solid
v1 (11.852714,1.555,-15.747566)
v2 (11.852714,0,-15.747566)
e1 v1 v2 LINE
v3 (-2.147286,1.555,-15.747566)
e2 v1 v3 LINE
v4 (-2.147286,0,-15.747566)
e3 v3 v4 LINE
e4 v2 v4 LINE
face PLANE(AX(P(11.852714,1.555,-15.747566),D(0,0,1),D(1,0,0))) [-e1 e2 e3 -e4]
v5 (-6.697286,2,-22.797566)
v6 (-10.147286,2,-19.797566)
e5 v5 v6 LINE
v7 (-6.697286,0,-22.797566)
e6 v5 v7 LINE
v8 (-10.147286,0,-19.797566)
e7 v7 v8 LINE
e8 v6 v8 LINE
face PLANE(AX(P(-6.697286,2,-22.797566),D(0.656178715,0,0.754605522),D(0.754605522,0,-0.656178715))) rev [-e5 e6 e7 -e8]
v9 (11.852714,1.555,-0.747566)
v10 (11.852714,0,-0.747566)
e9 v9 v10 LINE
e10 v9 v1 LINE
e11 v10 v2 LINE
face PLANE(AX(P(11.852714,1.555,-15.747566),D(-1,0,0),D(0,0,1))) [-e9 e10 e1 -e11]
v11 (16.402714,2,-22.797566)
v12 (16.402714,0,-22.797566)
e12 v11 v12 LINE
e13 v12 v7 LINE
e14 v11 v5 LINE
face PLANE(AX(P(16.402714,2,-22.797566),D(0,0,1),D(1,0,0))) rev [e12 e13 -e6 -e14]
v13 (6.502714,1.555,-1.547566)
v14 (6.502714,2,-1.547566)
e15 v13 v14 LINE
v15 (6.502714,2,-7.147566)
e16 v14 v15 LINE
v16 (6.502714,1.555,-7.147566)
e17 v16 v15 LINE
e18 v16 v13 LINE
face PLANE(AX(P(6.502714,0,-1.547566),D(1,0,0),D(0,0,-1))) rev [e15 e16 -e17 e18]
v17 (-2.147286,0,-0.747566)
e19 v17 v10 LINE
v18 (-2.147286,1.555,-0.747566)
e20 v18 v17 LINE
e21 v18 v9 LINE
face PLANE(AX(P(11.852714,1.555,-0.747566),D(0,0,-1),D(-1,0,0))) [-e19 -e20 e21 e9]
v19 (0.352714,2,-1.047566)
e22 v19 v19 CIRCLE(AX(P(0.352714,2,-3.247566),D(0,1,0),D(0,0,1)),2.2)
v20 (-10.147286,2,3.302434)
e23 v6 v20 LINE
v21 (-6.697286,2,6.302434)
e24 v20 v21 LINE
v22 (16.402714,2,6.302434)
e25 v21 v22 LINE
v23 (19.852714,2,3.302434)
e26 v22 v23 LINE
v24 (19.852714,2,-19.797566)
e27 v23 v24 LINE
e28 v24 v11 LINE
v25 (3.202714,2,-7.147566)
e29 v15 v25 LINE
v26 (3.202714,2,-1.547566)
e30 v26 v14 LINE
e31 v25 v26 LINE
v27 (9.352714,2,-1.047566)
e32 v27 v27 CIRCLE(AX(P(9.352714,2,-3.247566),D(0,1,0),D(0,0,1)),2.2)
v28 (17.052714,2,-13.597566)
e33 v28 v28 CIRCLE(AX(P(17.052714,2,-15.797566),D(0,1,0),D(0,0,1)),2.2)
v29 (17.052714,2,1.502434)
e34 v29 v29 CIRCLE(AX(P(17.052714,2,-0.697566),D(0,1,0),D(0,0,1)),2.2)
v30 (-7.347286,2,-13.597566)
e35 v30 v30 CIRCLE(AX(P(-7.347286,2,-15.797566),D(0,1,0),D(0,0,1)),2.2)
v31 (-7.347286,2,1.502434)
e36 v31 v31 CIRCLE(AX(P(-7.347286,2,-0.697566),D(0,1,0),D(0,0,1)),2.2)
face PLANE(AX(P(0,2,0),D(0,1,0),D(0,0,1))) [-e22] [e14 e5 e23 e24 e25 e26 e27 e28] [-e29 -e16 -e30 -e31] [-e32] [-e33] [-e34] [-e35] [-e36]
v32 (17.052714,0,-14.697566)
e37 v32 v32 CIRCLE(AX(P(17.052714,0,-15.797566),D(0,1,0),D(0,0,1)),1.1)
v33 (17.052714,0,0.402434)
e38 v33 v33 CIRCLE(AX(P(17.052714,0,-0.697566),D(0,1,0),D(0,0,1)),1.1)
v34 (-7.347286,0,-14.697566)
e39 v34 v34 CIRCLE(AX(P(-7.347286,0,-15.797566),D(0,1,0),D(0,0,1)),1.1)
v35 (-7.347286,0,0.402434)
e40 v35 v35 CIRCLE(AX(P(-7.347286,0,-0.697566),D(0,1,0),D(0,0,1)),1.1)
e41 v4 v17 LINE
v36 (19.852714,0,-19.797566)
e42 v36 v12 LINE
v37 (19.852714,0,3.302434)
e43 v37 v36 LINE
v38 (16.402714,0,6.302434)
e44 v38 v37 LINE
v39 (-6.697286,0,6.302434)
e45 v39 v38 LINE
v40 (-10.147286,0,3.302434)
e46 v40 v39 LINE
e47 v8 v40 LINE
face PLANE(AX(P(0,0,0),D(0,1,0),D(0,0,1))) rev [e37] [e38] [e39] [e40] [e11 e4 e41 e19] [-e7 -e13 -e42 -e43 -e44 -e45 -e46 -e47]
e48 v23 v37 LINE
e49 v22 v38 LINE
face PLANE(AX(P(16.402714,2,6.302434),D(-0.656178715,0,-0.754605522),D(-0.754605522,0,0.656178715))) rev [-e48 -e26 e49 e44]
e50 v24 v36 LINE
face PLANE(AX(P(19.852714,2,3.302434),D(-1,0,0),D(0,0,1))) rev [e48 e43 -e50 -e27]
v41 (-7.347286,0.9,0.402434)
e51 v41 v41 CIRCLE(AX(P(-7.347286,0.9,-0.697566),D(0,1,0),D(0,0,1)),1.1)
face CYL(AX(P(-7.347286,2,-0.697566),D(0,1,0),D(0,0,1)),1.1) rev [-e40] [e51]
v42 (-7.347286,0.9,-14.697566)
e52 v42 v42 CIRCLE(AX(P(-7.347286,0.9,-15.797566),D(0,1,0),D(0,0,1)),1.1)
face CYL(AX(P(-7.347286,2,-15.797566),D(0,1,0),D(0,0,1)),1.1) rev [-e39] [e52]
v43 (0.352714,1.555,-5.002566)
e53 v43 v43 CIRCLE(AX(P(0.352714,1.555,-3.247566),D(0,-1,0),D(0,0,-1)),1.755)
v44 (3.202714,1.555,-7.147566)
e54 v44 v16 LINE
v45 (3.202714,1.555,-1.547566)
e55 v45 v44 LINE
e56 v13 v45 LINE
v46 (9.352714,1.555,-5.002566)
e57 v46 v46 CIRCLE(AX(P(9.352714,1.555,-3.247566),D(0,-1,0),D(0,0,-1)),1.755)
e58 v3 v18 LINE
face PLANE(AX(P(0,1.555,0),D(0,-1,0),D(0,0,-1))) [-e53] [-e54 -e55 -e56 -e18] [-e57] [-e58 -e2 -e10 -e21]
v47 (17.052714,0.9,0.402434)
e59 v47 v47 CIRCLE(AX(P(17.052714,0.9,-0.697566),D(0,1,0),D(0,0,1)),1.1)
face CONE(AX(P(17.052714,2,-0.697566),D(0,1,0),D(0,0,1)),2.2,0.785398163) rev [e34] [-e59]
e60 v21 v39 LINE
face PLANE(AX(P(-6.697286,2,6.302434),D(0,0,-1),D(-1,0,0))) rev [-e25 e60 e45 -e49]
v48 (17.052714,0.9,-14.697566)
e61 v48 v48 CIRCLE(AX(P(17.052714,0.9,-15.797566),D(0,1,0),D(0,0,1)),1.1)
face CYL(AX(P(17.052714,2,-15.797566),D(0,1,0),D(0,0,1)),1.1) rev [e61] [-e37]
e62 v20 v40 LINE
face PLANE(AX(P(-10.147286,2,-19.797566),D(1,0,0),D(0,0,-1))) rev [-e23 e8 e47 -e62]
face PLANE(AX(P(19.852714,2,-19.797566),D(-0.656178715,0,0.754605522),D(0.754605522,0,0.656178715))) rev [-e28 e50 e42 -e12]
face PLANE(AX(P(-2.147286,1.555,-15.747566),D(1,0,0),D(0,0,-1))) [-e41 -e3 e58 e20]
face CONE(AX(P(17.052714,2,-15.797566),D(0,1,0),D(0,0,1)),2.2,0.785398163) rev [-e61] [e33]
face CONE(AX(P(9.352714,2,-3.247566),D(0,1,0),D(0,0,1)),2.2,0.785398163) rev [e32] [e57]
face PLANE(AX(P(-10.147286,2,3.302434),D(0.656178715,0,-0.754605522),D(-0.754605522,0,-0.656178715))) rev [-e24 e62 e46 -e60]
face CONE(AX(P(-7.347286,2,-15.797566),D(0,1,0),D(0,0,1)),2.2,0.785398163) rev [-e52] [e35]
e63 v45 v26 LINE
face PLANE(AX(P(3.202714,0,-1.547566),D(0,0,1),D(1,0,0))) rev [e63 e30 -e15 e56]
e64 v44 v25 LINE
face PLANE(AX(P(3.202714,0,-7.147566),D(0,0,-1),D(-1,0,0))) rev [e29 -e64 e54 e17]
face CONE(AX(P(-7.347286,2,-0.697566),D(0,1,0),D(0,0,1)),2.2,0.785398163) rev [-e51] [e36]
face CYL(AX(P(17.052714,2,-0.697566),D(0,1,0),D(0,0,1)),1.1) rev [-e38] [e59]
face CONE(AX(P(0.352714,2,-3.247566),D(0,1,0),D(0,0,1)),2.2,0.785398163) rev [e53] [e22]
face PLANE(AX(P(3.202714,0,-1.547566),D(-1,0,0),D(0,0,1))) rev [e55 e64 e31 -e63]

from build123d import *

# Parameters (mm, degrees)
BOSS_EXTRUDE1_DEPTH                             = 2
CSK_FOR_M2_FLAT_HEAD_MACHINE_SCREW1_D           = 2.2
CSK_FOR_M2_FLAT_HEAD_MACHINE_SCREW1_DEPTH       = 4
CSK_FOR_M2_FLAT_HEAD_MACHINE_SCREW1_CSINK_D     = 4.4
CSK_FOR_M2_FLAT_HEAD_MACHINE_SCREW1_CSINK_ANGLE = 90
CSK_FOR_M2_FLAT_HEAD_MACHINE_SCREW1_TIP         = 0.660946681
SKETCH9_W                                       = 14
SKETCH9_H                                       = 15
CUT_EXTRUDE4_DEPTH                              = 1.555
SKETCH10_R                                      = 0.5
CUT_EXTRUDE5_DEPTH                              = 1.555
CSK_FOR_M2_FLAT_HEAD_MACHINE_SCREW2_D           = 2.4
CSK_FOR_M2_FLAT_HEAD_MACHINE_SCREW2_DEPTH       = 4
CSK_FOR_M2_FLAT_HEAD_MACHINE_SCREW2_CSINK_D     = 4.4
CSK_FOR_M2_FLAT_HEAD_MACHINE_SCREW2_CSINK_ANGLE = 90
CSK_FOR_M2_FLAT_HEAD_MACHINE_SCREW2_TIP         = 0.721032743
SKETCH12_W                                      = 3.3
SKETCH12_H                                      = 5.6
CUT_EXTRUDE6_DEPTH                              = 31.296192101


with BuildPart() as part:
    # Sketch1 → Boss-Extrude1 (new body)
    with BuildSketch(Plane(origin=(0, 0, 0), x_dir=(1, 0, 0), z_dir=(0, 1, 0))):
        Polygon((-10.147286186, 19.79756588), (-10.147286186, -3.30243412), (-6.697286186, -6.30243412), (16.402713814, -6.30243412), (19.852713814, -3.30243412), (19.852713814, 19.79756588), (16.402713814, 22.79756588), (-6.697286186, 22.79756588), align=None)
    extrude(amount=BOSS_EXTRUDE1_DEPTH)

    # CSK for M2 Flat Head Machine Screw1
    with Locations(Plane(origin=(0, 2, 0), x_dir=(1, 0, 0), z_dir=(0, 1, 0))):
        with Locations((-7.347286186, 15.79756588), (17.052713814, 15.79756588), (17.052713814, 0.69756588), (-7.347286186, 0.69756588)):
            CounterSinkHole(CSK_FOR_M2_FLAT_HEAD_MACHINE_SCREW1_D / 2, CSK_FOR_M2_FLAT_HEAD_MACHINE_SCREW1_CSINK_D / 2, depth=CSK_FOR_M2_FLAT_HEAD_MACHINE_SCREW1_DEPTH, counter_sink_angle=CSK_FOR_M2_FLAT_HEAD_MACHINE_SCREW1_CSINK_ANGLE)
            with Locations((0, 0, -(CSK_FOR_M2_FLAT_HEAD_MACHINE_SCREW1_DEPTH + CSK_FOR_M2_FLAT_HEAD_MACHINE_SCREW1_TIP / 2))):  # 118° drill point
                Cone(0, CSK_FOR_M2_FLAT_HEAD_MACHINE_SCREW1_D / 2, CSK_FOR_M2_FLAT_HEAD_MACHINE_SCREW1_TIP, mode=Mode.SUBTRACT)

    # Sketch9 → Cut-Extrude4 (cut)
    with BuildSketch(Plane(origin=(0, 0, 0), x_dir=(1, 0, 0), z_dir=(0, 1, 0))):
        with Locations((4.852713814, 8.24756588)):
            Rectangle(SKETCH9_W, SKETCH9_H)
    extrude(amount=CUT_EXTRUDE4_DEPTH, mode=Mode.SUBTRACT)

    # Sketch10 → Cut-Extrude5 (cut)
    with BuildSketch(Plane.XZ.offset(-1.555)):
        with Locations((0.352713814, -3.24756588)):
            Circle(SKETCH10_R)
        with Locations((9.352713814, -3.24756588)):
            Circle(SKETCH10_R)
    extrude(amount=-CUT_EXTRUDE5_DEPTH, mode=Mode.SUBTRACT)

    # CSK for M2 Flat Head Machine Screw2
    with Locations(Plane(origin=(9.352713814, 2, -3.24756588), x_dir=(0, 0, 1), z_dir=(0, 1, 0))):
        with Locations((0, 0), (0, -9)):
            CounterSinkHole(CSK_FOR_M2_FLAT_HEAD_MACHINE_SCREW2_D / 2, CSK_FOR_M2_FLAT_HEAD_MACHINE_SCREW2_CSINK_D / 2, depth=CSK_FOR_M2_FLAT_HEAD_MACHINE_SCREW2_DEPTH, counter_sink_angle=CSK_FOR_M2_FLAT_HEAD_MACHINE_SCREW2_CSINK_ANGLE)
            with Locations((0, 0, -(CSK_FOR_M2_FLAT_HEAD_MACHINE_SCREW2_DEPTH + CSK_FOR_M2_FLAT_HEAD_MACHINE_SCREW2_TIP / 2))):  # 118° drill point
                Cone(0, CSK_FOR_M2_FLAT_HEAD_MACHINE_SCREW2_D / 2, CSK_FOR_M2_FLAT_HEAD_MACHINE_SCREW2_TIP, mode=Mode.SUBTRACT)

    # Sketch12 → Cut-Extrude6 (cut, through all)
    with BuildSketch(Plane(origin=(0, 2, 0), x_dir=(1, 0, 0), z_dir=(0, 1, 0))):
        with Locations((4.852713814, 4.34756588)):
            Rectangle(SKETCH12_W, SKETCH12_H)
    extrude(amount=-CUT_EXTRUDE6_DEPTH, mode=Mode.SUBTRACT)


solid = part.part
